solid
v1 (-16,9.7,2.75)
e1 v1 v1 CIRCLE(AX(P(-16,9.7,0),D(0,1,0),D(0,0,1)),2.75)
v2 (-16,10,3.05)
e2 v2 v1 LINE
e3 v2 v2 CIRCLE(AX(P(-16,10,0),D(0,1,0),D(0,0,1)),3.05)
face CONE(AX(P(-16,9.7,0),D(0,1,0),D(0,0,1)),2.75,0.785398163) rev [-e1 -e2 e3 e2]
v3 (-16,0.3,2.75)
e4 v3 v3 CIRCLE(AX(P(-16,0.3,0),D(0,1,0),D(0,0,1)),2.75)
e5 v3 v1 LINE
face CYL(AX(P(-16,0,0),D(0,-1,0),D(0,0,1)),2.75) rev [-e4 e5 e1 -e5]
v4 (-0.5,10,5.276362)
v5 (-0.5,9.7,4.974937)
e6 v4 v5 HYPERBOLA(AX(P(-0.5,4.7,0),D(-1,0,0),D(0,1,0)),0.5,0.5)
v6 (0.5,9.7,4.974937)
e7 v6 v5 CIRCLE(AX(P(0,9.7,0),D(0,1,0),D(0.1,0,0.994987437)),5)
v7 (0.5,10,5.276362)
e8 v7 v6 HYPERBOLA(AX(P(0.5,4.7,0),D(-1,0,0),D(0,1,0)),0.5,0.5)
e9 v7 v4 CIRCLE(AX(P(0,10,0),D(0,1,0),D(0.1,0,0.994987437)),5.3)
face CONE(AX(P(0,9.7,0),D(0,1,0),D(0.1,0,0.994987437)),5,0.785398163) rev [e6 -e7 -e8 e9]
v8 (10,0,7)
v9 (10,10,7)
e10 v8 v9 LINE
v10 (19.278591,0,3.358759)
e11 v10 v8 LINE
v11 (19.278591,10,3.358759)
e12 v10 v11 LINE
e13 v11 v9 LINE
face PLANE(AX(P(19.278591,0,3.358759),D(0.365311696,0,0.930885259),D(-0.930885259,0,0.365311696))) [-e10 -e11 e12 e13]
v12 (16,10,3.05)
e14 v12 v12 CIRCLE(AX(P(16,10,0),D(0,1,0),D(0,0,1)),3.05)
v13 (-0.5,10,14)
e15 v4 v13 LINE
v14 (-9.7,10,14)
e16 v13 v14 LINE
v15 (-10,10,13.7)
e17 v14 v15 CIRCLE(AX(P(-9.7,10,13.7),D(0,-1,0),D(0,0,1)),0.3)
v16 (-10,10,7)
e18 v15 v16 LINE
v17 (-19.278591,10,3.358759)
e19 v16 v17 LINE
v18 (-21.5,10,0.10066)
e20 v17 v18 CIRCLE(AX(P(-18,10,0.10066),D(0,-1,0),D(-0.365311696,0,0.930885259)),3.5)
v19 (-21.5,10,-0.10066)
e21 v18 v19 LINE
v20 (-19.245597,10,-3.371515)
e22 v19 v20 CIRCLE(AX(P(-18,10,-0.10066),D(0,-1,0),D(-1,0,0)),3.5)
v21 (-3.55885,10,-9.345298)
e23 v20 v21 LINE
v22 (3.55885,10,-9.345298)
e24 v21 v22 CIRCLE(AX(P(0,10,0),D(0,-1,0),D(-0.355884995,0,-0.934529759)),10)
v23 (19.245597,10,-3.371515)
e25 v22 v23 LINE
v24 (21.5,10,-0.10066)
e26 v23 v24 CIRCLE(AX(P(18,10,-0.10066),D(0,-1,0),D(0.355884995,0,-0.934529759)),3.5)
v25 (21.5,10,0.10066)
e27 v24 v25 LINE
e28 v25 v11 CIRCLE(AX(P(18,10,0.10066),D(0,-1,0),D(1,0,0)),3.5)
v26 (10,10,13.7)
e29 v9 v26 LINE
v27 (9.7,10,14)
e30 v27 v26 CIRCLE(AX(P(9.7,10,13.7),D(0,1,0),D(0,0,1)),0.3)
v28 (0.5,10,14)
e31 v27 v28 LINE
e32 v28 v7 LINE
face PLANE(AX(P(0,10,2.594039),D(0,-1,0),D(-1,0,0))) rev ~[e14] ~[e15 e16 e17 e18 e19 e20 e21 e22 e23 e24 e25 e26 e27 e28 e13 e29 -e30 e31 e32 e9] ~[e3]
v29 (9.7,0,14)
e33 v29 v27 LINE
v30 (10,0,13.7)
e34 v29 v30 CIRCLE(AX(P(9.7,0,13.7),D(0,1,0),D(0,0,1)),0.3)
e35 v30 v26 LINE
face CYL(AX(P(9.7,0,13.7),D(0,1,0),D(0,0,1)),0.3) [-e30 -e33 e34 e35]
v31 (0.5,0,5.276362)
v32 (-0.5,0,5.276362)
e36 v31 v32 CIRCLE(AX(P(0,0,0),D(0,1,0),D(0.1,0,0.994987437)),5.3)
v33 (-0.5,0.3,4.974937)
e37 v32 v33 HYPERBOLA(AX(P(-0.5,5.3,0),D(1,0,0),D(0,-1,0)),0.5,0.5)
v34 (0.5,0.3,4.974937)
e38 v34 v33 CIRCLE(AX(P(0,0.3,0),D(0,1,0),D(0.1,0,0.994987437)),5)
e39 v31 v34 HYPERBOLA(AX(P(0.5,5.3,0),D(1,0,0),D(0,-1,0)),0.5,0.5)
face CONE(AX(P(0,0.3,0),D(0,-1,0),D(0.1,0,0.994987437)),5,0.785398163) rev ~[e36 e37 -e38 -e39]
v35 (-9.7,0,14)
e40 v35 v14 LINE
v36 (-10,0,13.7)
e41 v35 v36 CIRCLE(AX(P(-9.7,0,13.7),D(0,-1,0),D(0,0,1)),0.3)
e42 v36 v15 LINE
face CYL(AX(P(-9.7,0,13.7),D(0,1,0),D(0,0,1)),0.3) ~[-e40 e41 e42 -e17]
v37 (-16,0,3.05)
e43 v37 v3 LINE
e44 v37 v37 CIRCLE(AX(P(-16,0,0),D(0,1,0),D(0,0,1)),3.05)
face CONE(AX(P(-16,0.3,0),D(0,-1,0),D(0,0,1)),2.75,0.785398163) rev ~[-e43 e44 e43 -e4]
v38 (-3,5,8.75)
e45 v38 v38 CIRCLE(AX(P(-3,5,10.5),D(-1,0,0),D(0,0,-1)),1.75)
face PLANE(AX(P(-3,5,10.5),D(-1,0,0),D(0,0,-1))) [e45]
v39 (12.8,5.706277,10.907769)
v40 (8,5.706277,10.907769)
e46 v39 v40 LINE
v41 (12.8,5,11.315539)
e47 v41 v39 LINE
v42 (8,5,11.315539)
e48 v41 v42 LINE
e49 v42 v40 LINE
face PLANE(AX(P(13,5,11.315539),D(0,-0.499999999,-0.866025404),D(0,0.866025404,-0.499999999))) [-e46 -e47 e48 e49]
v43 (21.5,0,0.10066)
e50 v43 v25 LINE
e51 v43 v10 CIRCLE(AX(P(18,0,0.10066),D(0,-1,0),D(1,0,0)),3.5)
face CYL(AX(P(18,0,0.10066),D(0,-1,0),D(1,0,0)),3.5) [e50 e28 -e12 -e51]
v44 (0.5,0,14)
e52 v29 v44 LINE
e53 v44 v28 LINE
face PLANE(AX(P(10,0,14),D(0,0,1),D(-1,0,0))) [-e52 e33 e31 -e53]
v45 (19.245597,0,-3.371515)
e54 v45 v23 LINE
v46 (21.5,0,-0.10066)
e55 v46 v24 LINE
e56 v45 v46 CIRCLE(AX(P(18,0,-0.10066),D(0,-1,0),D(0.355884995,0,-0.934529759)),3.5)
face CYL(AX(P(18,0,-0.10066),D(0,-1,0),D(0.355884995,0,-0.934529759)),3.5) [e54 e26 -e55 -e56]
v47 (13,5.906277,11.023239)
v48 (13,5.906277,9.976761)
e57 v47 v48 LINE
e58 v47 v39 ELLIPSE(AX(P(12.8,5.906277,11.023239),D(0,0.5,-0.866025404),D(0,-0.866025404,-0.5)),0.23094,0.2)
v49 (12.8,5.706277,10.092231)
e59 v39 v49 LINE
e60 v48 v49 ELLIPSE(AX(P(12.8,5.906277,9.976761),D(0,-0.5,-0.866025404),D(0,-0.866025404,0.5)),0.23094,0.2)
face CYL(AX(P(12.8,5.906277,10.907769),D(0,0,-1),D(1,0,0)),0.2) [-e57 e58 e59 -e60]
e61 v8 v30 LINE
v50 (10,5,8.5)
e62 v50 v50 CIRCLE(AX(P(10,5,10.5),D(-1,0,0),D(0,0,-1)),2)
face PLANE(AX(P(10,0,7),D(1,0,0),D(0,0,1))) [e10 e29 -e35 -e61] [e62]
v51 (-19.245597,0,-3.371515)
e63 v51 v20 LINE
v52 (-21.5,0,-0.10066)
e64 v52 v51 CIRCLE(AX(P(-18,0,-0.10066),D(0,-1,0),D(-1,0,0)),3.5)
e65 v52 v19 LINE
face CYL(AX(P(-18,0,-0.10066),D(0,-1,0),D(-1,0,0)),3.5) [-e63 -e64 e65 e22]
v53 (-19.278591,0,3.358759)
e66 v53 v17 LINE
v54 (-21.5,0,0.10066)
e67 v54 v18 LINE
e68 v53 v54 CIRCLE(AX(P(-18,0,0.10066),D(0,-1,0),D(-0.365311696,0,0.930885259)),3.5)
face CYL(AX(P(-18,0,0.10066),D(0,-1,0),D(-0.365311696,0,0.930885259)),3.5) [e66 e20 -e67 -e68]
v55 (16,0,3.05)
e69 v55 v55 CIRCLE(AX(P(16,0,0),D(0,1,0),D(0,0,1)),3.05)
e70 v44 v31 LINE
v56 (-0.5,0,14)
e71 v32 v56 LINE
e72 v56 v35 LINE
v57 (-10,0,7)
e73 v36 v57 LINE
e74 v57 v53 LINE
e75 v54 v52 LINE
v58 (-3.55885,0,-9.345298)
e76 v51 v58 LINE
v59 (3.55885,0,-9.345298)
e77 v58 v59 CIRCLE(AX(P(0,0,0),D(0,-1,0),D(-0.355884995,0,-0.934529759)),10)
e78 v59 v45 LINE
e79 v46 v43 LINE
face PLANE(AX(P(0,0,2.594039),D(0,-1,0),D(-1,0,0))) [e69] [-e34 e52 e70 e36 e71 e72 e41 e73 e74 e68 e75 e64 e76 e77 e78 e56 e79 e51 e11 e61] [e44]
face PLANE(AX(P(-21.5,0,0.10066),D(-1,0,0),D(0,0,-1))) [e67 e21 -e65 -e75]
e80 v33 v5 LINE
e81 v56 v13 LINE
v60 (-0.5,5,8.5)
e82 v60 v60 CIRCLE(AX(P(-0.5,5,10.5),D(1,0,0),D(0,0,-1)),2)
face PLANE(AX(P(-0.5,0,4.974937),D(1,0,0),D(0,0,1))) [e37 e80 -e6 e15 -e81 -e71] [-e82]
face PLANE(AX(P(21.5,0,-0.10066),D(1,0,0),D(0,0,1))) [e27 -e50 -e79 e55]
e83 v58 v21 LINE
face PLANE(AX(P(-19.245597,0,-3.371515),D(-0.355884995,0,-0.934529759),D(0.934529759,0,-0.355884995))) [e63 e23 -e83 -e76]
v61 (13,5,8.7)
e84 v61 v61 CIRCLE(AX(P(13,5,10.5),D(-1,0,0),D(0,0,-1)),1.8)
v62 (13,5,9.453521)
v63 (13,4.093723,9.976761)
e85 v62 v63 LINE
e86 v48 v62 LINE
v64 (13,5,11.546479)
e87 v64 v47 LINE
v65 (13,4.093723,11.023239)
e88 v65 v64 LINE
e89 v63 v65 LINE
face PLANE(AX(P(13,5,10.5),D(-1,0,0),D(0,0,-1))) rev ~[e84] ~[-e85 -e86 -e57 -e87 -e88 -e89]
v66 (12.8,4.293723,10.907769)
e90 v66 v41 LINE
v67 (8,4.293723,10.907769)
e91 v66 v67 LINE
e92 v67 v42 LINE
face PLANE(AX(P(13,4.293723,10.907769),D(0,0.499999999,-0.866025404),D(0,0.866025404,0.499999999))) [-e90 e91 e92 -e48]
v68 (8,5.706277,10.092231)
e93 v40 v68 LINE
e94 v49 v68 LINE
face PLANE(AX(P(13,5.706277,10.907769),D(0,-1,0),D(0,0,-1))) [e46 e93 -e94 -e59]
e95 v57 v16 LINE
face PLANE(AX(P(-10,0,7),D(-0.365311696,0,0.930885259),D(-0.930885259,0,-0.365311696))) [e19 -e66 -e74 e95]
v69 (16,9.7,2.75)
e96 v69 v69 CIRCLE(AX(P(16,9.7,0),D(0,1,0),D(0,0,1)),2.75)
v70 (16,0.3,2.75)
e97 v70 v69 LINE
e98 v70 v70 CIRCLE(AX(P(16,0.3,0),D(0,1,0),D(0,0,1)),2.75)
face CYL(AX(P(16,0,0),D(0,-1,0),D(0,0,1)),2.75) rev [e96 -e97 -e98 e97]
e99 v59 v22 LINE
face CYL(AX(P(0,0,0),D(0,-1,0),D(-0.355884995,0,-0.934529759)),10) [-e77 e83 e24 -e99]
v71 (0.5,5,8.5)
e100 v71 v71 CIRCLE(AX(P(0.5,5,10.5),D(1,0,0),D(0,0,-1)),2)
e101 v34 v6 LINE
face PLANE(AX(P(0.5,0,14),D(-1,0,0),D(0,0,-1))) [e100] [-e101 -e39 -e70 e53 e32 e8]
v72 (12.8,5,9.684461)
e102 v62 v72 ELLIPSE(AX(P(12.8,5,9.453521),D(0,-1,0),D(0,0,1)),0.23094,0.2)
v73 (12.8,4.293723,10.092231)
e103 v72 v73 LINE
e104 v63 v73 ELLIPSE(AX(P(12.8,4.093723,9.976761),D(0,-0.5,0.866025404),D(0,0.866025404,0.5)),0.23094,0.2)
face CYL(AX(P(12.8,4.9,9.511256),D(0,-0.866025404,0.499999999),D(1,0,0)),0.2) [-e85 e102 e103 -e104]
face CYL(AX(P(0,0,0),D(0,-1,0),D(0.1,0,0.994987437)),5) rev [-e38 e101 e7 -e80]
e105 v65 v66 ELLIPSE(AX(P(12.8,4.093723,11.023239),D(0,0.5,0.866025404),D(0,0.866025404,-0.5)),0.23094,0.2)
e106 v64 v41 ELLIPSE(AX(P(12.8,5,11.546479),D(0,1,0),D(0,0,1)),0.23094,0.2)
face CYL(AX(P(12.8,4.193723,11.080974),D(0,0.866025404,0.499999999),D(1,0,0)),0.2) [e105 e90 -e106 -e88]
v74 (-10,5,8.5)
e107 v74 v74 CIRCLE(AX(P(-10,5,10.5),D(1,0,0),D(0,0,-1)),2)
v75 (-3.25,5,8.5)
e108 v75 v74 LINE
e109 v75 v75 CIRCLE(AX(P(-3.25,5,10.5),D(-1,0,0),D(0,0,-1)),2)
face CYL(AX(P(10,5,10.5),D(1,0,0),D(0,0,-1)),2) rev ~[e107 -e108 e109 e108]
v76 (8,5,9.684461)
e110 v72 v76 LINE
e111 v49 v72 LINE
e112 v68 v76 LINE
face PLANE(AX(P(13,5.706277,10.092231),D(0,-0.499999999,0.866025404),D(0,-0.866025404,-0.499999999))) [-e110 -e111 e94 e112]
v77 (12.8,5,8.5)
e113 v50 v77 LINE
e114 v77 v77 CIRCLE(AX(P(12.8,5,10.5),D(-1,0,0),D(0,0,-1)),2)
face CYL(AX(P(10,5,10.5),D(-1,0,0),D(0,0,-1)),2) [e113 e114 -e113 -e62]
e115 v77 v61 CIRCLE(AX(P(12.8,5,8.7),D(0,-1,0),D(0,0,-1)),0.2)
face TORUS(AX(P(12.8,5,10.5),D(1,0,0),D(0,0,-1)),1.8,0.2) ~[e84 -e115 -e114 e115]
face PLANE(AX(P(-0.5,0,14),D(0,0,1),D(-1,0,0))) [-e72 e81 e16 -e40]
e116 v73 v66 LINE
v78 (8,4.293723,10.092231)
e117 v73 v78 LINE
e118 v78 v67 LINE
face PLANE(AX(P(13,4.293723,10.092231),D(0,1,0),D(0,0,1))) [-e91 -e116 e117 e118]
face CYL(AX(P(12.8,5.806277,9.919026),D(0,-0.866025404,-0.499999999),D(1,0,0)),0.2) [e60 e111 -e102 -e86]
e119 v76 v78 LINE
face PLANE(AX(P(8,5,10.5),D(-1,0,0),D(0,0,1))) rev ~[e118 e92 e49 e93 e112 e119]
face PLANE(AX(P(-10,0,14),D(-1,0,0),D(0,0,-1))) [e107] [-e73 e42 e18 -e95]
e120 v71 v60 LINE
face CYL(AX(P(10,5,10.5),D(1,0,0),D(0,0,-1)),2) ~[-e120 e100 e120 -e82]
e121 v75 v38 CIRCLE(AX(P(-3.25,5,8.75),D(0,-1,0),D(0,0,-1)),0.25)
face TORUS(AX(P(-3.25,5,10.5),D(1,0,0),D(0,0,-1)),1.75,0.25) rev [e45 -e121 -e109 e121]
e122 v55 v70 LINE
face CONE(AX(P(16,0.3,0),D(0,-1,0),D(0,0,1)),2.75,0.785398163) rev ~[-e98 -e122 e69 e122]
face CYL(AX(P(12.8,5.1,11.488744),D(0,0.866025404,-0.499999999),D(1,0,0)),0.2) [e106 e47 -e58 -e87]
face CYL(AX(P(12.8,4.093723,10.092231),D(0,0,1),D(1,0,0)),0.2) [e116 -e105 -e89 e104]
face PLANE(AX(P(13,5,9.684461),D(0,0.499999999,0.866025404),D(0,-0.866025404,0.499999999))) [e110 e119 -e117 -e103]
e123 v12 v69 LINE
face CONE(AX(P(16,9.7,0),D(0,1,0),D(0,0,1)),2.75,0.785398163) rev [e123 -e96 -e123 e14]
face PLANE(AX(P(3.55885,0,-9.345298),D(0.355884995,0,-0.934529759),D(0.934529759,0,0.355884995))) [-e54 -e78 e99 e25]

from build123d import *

# Parameters (mm, degrees)
SKETCH1_R                     = 2.75
BOSS_EXTRUDE1_DEPTH           = 10
SKETCH3_R                     = 2
CUT_EXTRUDE1_DEPTH            = 32.5
ESBO_O1_R                     = 2
RESSALTO_EXTRUS_O2_DEPTH      = 13
RESSALTO_EXTRUS_O2_DEPTH_BACK = 3
CORTE_EXTRUS_O1_DEPTH         = 5
FILETE1_R                     = 0.2
FILETE2_R                     = 0.25
CHAMFER_1_SIZE                = 0.3
FILLET_1_R                    = 0.3


with BuildPart() as part:
    # Sketch1 → Boss-Extrude1 (new body)
    with BuildSketch(Plane(origin=(0, 0, 0), x_dir=(1, 0, 0), z_dir=(0, 1, 0))):
        with BuildLine():
            Line((21.5, 0.100660355), (21.5, -0.100660355))
            ThreePointArc((21.5, -0.100660355), (20.891804651, -2.072326113), (19.278590937, -3.35875876))
            Line((19.278590937, -3.35875876), (10, -7))
            Line((10, -7), (10, -14))
            Line((10, -14), (0.5, -14))
            Line((0.5, -14), (0.5, -4.974937186))
            ThreePointArc((0.5, -4.974937186), (0, 5), (-0.5, -4.974937186))
            Line((-0.5, -4.974937186), (-0.5, -14))
            Line((-0.5, -14), (-10, -14))
            Line((-10, -14), (-10, -7))
            Line((-10, -7), (-19.278590937, -3.35875876))
            ThreePointArc((-19.278590937, -3.35875876), (-20.891804651, -2.072326113), (-21.5, -0.100660355))
            Line((-21.5, -0.100660355), (-21.5, 0.100660355))
            ThreePointArc((-21.5, 0.100660355), (-20.881804225, 2.086914218), (-19.245597481, 3.371514512))
            Line((-19.245597481, 3.371514512), (-3.558849946, 9.345297591))
            ThreePointArc((-3.558849946, 9.345297591), (0, 10), (3.558849946, 9.345297591))
            Line((3.558849946, 9.345297591), (19.245597481, 3.371514512))
            ThreePointArc((19.245597481, 3.371514512), (20.881804225, 2.086914218), (21.5, 0.100660355))
        make_face()
        with Locations(Location((-16, 0, 0), (0, 0, 270))):  # turned: the seam where the file's is
            Circle(SKETCH1_R, mode=Mode.SUBTRACT)
        with Locations(Location((16, 0, 0), (0, 0, 270))):  # turned: the seam where the file's is
            Circle(SKETCH1_R, mode=Mode.SUBTRACT)
    extrude(amount=BOSS_EXTRUDE1_DEPTH)

    # Sketch3 → Cut-Extrude1 (cut, through all)
    with BuildSketch(Plane(origin=(10, 0, 0), x_dir=(0, 0, -1), z_dir=(1, 0, 0))):
        with Locations((-10.5, 5)):
            Circle(SKETCH3_R)
    extrude(amount=-CUT_EXTRUDE1_DEPTH, mode=Mode.SUBTRACT)

    # Esboço1 → Ressalto-extrusão2 (add, two sides)
    with BuildSketch(Plane.ZY.offset(-10)) as ressalto_extrus_o2_sk:
        with Locations(Location((10.5, 5, 0), (0, 0, 180))):  # turned: the seam where the file's is
            Circle(ESBO_O1_R)
    extrude(amount=RESSALTO_EXTRUS_O2_DEPTH)
    extrude(ressalto_extrus_o2_sk.sketch, amount=-RESSALTO_EXTRUS_O2_DEPTH_BACK)

    # Esboço2 → Corte-extrusão1 (cut)
    with BuildSketch(Plane.ZY.offset(-13)):
        Polygon((10.90776936, 4.293722751), (11.315538719, 5), (10.90776936, 5.706277249), (10.09223064, 5.706277249), (9.684461281, 5), (10.09223064, 4.293722751), align=None)
    extrude(amount=CORTE_EXTRUS_O1_DEPTH, mode=Mode.SUBTRACT)

    # Filete1
    filete1_edges = [part.edges().sort_by_distance(p)[0] for p in [
        (13, 5, 12.5),
        (13, 4.646861376, 11.11165404),
        (13, 4.293722751, 10.5),
        (13, 4.646861376, 9.88834596),
        (13, 5.353138624, 9.88834596),
        (13, 5.706277249, 10.5),
        (13, 5.353138624, 11.11165404),
    ]]
    fillet(filete1_edges, radius=FILETE1_R)

    # Filete2
    filete2_edges = [part.edges().sort_by_distance(p)[0] for p in [
        (-3, 5, 12.5),
    ]]
    fillet(filete2_edges, radius=FILETE2_R)

    # Фаска1
    chamfer_1_edges = [part.edges().sort_by_distance(p)[0] for p in [
        (0, 0, -5),
        (-16, 0, -2.75),
        (0, 10, -5),
        (-16, 10, -2.75),
        (16, 0, -2.75),
        (16, 10, -2.75),
    ]]
    chamfer(chamfer_1_edges, length=CHAMFER_1_SIZE)

    # Скругление1
    fillet_1_edges = [part.edges().sort_by_distance(p)[0] for p in [
        (10, 5, 14),
        (-10, 5, 14),
    ]]
    fillet(fillet_1_edges, radius=FILLET_1_R)


solid = part.part
